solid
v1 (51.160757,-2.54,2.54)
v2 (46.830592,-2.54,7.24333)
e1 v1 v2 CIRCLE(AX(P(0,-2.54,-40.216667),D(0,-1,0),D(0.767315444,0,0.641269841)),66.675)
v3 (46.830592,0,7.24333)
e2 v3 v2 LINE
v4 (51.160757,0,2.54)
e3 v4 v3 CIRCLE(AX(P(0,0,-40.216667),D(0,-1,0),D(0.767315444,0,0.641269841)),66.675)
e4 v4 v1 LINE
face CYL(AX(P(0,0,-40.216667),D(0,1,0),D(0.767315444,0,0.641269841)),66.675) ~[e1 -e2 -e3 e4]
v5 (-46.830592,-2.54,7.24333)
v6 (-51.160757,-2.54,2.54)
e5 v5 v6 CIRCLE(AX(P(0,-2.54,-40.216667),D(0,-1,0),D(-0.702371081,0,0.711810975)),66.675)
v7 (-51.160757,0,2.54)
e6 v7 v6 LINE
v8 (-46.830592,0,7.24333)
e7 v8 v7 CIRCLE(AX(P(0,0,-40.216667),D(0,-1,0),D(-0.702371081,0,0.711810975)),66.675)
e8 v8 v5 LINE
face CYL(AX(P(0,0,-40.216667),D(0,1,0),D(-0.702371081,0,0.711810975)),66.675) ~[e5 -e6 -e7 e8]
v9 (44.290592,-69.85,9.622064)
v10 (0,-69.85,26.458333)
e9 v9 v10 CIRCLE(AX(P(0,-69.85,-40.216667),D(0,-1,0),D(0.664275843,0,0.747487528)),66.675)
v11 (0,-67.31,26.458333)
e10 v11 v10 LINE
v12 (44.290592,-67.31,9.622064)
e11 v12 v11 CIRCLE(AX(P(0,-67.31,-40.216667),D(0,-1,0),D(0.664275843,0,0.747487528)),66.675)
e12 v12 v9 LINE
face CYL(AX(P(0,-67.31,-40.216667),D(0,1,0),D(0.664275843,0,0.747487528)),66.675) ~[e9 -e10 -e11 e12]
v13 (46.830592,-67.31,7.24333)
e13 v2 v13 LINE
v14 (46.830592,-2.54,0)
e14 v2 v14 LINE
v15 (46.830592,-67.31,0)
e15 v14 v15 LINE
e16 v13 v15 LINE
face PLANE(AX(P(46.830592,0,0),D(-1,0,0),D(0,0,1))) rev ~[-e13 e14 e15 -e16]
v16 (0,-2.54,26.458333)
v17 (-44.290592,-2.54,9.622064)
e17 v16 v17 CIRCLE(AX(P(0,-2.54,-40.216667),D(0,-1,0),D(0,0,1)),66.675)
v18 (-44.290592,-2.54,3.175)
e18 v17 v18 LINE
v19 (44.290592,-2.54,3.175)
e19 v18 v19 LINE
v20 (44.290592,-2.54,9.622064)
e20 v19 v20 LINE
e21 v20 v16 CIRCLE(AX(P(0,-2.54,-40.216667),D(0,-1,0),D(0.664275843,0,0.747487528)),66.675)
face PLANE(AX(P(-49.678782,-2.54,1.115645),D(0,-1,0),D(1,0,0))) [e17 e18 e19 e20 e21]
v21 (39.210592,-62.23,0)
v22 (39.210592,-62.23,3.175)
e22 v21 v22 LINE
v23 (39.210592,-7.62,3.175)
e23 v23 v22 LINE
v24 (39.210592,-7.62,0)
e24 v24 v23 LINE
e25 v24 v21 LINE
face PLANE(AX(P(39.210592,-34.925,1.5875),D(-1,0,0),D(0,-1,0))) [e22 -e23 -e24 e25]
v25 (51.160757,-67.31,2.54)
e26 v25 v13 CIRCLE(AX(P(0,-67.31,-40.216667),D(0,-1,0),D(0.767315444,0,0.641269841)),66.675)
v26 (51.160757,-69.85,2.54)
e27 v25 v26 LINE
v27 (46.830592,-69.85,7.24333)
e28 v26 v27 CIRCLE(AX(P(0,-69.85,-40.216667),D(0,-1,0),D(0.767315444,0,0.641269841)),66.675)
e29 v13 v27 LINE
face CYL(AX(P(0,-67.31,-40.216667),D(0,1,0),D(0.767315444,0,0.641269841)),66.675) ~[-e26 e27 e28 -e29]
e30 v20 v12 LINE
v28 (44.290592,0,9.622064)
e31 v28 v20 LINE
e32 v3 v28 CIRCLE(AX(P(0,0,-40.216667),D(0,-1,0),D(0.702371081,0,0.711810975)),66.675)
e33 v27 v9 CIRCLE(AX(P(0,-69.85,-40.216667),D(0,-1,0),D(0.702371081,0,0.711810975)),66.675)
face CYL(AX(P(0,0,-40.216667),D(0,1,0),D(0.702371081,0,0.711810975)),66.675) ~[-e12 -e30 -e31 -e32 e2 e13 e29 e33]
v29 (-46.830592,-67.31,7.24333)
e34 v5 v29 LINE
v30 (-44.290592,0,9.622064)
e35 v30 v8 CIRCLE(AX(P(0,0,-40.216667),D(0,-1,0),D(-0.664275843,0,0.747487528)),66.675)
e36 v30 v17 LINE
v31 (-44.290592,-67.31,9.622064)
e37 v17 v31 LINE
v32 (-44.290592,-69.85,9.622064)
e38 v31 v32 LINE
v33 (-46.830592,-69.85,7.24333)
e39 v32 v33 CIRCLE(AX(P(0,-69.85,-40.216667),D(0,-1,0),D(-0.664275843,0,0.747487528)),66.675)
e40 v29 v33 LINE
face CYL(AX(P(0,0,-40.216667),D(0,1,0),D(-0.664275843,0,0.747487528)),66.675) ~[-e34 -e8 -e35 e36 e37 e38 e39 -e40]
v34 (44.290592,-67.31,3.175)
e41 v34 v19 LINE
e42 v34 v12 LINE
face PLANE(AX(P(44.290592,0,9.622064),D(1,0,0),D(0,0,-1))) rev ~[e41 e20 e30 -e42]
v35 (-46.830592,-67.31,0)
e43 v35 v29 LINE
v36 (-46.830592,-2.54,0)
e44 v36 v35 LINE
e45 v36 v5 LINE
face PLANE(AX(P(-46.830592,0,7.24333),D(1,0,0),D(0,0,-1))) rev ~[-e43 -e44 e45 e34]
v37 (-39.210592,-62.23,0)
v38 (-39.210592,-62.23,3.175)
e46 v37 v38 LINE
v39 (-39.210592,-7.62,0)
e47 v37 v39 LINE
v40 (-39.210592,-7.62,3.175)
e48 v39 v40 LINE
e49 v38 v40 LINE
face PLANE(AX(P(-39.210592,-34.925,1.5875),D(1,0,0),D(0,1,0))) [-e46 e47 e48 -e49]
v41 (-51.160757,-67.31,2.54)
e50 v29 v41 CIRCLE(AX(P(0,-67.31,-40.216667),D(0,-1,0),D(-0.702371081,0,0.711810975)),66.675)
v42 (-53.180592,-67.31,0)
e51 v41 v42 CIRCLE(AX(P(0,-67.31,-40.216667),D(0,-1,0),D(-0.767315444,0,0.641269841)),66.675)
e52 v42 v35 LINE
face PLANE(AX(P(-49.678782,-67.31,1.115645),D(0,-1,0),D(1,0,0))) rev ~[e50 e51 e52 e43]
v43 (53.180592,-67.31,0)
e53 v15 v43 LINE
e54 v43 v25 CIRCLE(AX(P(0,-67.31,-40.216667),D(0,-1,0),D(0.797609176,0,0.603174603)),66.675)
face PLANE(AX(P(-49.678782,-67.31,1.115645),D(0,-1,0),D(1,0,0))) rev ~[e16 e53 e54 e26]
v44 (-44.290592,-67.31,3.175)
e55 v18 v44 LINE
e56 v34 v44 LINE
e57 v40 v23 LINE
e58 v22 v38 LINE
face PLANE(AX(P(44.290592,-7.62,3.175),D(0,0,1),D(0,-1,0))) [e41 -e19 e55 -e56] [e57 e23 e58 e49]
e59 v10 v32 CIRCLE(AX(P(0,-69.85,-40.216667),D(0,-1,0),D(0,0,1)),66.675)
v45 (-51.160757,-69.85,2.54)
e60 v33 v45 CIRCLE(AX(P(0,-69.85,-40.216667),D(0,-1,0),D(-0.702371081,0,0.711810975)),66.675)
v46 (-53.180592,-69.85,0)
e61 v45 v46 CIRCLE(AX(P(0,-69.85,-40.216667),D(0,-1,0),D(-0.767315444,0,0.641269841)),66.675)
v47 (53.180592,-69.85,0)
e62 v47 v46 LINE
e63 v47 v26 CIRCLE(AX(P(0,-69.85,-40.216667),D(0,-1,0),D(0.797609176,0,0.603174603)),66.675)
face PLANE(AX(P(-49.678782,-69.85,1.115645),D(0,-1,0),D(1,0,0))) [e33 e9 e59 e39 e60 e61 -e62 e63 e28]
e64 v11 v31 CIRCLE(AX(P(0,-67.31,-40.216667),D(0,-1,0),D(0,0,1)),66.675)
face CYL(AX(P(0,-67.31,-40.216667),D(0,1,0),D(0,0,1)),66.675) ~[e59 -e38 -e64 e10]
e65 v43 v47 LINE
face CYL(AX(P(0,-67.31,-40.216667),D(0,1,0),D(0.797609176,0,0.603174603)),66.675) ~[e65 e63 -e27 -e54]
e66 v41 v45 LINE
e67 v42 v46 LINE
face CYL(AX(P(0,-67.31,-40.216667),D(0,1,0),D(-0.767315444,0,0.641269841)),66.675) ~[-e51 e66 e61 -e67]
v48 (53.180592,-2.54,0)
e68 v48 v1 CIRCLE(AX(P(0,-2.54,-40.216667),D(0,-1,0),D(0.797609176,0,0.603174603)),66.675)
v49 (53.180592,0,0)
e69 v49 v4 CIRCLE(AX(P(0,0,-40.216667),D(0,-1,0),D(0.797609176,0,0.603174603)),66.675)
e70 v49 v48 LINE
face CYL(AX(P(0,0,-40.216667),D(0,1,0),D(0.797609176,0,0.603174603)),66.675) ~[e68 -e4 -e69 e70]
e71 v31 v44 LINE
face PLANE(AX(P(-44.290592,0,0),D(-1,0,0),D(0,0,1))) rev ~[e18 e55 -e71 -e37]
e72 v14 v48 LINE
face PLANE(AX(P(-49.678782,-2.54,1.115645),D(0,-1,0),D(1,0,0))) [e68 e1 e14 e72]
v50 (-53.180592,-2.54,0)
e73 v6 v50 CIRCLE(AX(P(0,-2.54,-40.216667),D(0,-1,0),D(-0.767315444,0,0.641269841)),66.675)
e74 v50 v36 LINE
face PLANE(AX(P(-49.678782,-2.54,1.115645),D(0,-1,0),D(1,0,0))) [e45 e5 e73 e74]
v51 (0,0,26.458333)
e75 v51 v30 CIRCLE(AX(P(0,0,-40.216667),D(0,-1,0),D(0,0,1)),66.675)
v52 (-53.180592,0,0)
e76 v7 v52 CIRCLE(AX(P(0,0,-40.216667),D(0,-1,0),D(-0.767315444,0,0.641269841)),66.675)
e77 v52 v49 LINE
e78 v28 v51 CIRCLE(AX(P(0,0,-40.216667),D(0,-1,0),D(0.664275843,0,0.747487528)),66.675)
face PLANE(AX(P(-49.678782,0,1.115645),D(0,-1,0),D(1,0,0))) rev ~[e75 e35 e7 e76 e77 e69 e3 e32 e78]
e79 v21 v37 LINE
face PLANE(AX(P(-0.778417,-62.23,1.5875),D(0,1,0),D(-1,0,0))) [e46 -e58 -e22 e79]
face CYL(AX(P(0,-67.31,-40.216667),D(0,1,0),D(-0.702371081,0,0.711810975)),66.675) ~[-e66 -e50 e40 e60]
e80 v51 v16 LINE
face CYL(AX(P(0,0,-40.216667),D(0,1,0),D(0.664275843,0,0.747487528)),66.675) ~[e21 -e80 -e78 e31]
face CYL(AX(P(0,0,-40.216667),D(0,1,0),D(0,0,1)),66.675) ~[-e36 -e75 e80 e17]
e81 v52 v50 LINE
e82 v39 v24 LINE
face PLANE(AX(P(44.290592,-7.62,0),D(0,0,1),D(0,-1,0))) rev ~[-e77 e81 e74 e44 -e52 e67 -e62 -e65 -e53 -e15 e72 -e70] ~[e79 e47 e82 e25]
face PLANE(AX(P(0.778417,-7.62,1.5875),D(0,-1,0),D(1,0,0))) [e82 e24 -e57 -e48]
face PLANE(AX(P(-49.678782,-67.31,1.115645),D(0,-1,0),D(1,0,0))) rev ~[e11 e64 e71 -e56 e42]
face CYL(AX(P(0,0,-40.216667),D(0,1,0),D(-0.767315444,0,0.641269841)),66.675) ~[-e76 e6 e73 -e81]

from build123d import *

# Parameters (mm, degrees)
F0_W      = 88.5811836569
F0_H      = 6.35
F1_DEPTH  = 2.54
F2_START  = 67.31
F2_DEPTH  = 2.54
F3_DEPTH  = 69.85
F4_W      = 90.1380174519
F4_H      = 3.175
F5_DEPTH  = 5.08
F6_W      = 90.1380174519
F6_H      = 3.175
F7_DEPTH  = 5.08
F8_W      = 54.61
F8_H      = 3.175
F9_DEPTH  = 5.08
F10_W     = 54.61
F10_H     = 3.175
F11_DEPTH = 5.08


with BuildPart() as f1:
    # F0 (on Front) → F1 (new body)
    with BuildSketch(Plane.XZ):
        with BuildLine():
            Line((-53.1805918284, 0), (-46.8305918284, 0))
            Line((-46.8305918284, 0), (-46.8305918284, 2.54))
            Line((-46.8305918284, 2.54), (-51.160757232, 2.54))
            ThreePointArc((-51.160757232, 2.54), (-52.1861301587, 1.2822904776), (-53.1805918284, 0))
        make_face()
        with BuildLine():
            Line((46.8305918284, 2.54), (46.8305918284, 0))
            Line((46.8305918284, 0), (53.1805918284, 0))
            ThreePointArc((53.1805918284, 0), (52.1861301587, 1.2822904776), (51.160757232, 2.54))
            Line((51.160757232, 2.54), (46.8305918284, 2.54))
        make_face()
        with BuildLine():
            Line((-46.8305918284, 0), (-44.2905918284, 0))
            Line((-44.2905918284, 0), (-44.2905918284, 6.35))
            Line((-44.2905918284, 6.35), (-44.2905918284, 9.6220642611))
            ThreePointArc((-44.2905918284, 9.6220642611), (-45.5761135004, 8.4492711462), (-46.8305918284, 7.2433301096))
            Line((-46.8305918284, 7.2433301096), (-46.8305918284, 2.54))
            Line((-46.8305918284, 2.54), (-46.8305918284, 0))
        make_face()
        with BuildLine():
            Line((44.2905918284, 6.35), (44.2905918284, 0))
            Line((44.2905918284, 0), (46.8305918284, 0))
            Line((46.8305918284, 0), (46.8305918284, 2.54))
            Line((46.8305918284, 2.54), (46.8305918284, 7.2433301096))
            ThreePointArc((46.8305918284, 7.2433301096), (45.5761135004, 8.4492711462), (44.2905918284, 9.6220642611))
            Line((44.2905918284, 9.6220642611), (44.2905918284, 6.35))
        make_face()
        with Locations((0, 3.175)):
            Rectangle(F0_W, F0_H)
        with BuildLine():
            Line((-51.160757232, 2.54), (-46.8305918284, 2.54))
            Line((-46.8305918284, 2.54), (-46.8305918284, 7.2433301096))
            ThreePointArc((-46.8305918284, 7.2433301096), (-49.0520789692, 4.9435943357), (-51.160757232, 2.54))
        make_face()
        with BuildLine():
            Line((46.8305918284, 7.2433301096), (46.8305918284, 2.54))
            Line((46.8305918284, 2.54), (51.160757232, 2.54))
            ThreePointArc((51.160757232, 2.54), (49.0520789692, 4.9435943357), (46.8305918284, 7.2433301096))
        make_face()
        with BuildLine():
            Line((-44.2905918284, 6.35), (44.2905918284, 6.35))
            Line((44.2905918284, 6.35), (44.2905918284, 9.6220642611))
            ThreePointArc((44.2905918284, 9.6220642611), (23.6913300639, 22.1072974627), (0, 26.4583333333))
            ThreePointArc((0, 26.4583333333), (-23.6913300639, 22.1072974627), (-44.2905918284, 9.6220642611))
            Line((-44.2905918284, 9.6220642611), (-44.2905918284, 6.35))
        make_face()
    extrude(amount=F1_DEPTH)



with BuildPart() as f2:
    # F0 (on Front) → F2 (new body)
    with BuildSketch(Plane.XZ.offset(F2_START)):
        with BuildLine():
            Line((-53.1805918284, 0), (-46.8305918284, 0))
            Line((-46.8305918284, 0), (-46.8305918284, 2.54))
            Line((-46.8305918284, 2.54), (-51.160757232, 2.54))
            ThreePointArc((-51.160757232, 2.54), (-52.1861301587, 1.2822904776), (-53.1805918284, 0))
        make_face()
        with BuildLine():
            Line((-51.160757232, 2.54), (-46.8305918284, 2.54))
            Line((-46.8305918284, 2.54), (-46.8305918284, 7.2433301096))
            ThreePointArc((-46.8305918284, 7.2433301096), (-49.0520789692, 4.9435943357), (-51.160757232, 2.54))
        make_face()
        with BuildLine():
            Line((-46.8305918284, 0), (-44.2905918284, 0))
            Line((-44.2905918284, 0), (-44.2905918284, 6.35))
            Line((-44.2905918284, 6.35), (-44.2905918284, 9.6220642611))
            ThreePointArc((-44.2905918284, 9.6220642611), (-45.5761135004, 8.4492711462), (-46.8305918284, 7.2433301096))
            Line((-46.8305918284, 7.2433301096), (-46.8305918284, 2.54))
            Line((-46.8305918284, 2.54), (-46.8305918284, 0))
        make_face()
        with Locations((0, 3.175)):
            Rectangle(F0_W, F0_H)
        with BuildLine():
            Line((44.2905918284, 6.35), (44.2905918284, 0))
            Line((44.2905918284, 0), (46.8305918284, 0))
            Line((46.8305918284, 0), (46.8305918284, 2.54))
            Line((46.8305918284, 2.54), (46.8305918284, 7.2433301096))
            ThreePointArc((46.8305918284, 7.2433301096), (45.5761135004, 8.4492711462), (44.2905918284, 9.6220642611))
            Line((44.2905918284, 9.6220642611), (44.2905918284, 6.35))
        make_face()
        with BuildLine():
            Line((46.8305918284, 7.2433301096), (46.8305918284, 2.54))
            Line((46.8305918284, 2.54), (51.160757232, 2.54))
            ThreePointArc((51.160757232, 2.54), (49.0520789692, 4.9435943357), (46.8305918284, 7.2433301096))
        make_face()
        with BuildLine():
            Line((46.8305918284, 2.54), (46.8305918284, 0))
            Line((46.8305918284, 0), (53.1805918284, 0))
            ThreePointArc((53.1805918284, 0), (52.1861301587, 1.2822904776), (51.160757232, 2.54))
            Line((51.160757232, 2.54), (46.8305918284, 2.54))
        make_face()
        with BuildLine():
            Line((-44.2905918284, 6.35), (44.2905918284, 6.35))
            Line((44.2905918284, 6.35), (44.2905918284, 9.6220642611))
            ThreePointArc((44.2905918284, 9.6220642611), (23.6913300639, 22.1072974627), (0, 26.4583333333))
            ThreePointArc((0, 26.4583333333), (-23.6913300639, 22.1072974627), (-44.2905918284, 9.6220642611))
            Line((-44.2905918284, 9.6220642611), (-44.2905918284, 6.35))
        make_face()
    extrude(amount=F2_DEPTH)


with BuildPart() as f1_1:
    add(f1.part)

    add(f2.part)  # F3 merges F2
    # F0 (on Front) → F3 (join)
    with BuildSketch(Plane.XZ):
        with BuildLine():
            Line((-46.8305918284, 0), (-44.2905918284, 0))
            Line((-44.2905918284, 0), (-44.2905918284, 6.35))
            Line((-44.2905918284, 6.35), (-44.2905918284, 9.6220642611))
            ThreePointArc((-44.2905918284, 9.6220642611), (-45.5761135004, 8.4492711462), (-46.8305918284, 7.2433301096))
            Line((-46.8305918284, 7.2433301096), (-46.8305918284, 2.54))
            Line((-46.8305918284, 2.54), (-46.8305918284, 0))
        make_face()
        with BuildLine():
            Line((44.2905918284, 6.35), (44.2905918284, 0))
            Line((44.2905918284, 0), (46.8305918284, 0))
            Line((46.8305918284, 0), (46.8305918284, 2.54))
            Line((46.8305918284, 2.54), (46.8305918284, 7.2433301096))
            ThreePointArc((46.8305918284, 7.2433301096), (45.5761135004, 8.4492711462), (44.2905918284, 9.6220642611))
            Line((44.2905918284, 9.6220642611), (44.2905918284, 6.35))
        make_face()
    extrude(amount=F3_DEPTH)

    # F4 (on face) → F5 (join)
    with BuildSketch(Plane.XZ.offset(2.54)):
        with Locations((0.7784168975, 1.5875)):
            Rectangle(F4_W, F4_H)
    extrude(amount=F5_DEPTH)

    # F6 (on face) → F7 (join)
    with BuildSketch(Plane(origin=(0, -67.31, 0), x_dir=(-1, 0, 0), z_dir=(0, 1, 0))):
        with Locations((0.7784168975, 1.5875)):
            Rectangle(F6_W, F6_H)
    extrude(amount=F7_DEPTH)

    # F8 (on face) → F9 (join)
    with BuildSketch(Plane.YZ.offset(-44.2905918284)):
        with Locations((-34.925, 1.5875)):
            Rectangle(F8_W, F8_H)
    extrude(amount=F9_DEPTH)

    # F10 (on face) → F11 (join)
    with BuildSketch(Plane(origin=(44.2905918284, 0, 0), x_dir=(0, -1, 0), z_dir=(-1, 0, 0))):
        with Locations((34.925, 1.5875)):
            Rectangle(F10_W, F10_H)
    extrude(amount=F11_DEPTH)


solid = f1_1.part
